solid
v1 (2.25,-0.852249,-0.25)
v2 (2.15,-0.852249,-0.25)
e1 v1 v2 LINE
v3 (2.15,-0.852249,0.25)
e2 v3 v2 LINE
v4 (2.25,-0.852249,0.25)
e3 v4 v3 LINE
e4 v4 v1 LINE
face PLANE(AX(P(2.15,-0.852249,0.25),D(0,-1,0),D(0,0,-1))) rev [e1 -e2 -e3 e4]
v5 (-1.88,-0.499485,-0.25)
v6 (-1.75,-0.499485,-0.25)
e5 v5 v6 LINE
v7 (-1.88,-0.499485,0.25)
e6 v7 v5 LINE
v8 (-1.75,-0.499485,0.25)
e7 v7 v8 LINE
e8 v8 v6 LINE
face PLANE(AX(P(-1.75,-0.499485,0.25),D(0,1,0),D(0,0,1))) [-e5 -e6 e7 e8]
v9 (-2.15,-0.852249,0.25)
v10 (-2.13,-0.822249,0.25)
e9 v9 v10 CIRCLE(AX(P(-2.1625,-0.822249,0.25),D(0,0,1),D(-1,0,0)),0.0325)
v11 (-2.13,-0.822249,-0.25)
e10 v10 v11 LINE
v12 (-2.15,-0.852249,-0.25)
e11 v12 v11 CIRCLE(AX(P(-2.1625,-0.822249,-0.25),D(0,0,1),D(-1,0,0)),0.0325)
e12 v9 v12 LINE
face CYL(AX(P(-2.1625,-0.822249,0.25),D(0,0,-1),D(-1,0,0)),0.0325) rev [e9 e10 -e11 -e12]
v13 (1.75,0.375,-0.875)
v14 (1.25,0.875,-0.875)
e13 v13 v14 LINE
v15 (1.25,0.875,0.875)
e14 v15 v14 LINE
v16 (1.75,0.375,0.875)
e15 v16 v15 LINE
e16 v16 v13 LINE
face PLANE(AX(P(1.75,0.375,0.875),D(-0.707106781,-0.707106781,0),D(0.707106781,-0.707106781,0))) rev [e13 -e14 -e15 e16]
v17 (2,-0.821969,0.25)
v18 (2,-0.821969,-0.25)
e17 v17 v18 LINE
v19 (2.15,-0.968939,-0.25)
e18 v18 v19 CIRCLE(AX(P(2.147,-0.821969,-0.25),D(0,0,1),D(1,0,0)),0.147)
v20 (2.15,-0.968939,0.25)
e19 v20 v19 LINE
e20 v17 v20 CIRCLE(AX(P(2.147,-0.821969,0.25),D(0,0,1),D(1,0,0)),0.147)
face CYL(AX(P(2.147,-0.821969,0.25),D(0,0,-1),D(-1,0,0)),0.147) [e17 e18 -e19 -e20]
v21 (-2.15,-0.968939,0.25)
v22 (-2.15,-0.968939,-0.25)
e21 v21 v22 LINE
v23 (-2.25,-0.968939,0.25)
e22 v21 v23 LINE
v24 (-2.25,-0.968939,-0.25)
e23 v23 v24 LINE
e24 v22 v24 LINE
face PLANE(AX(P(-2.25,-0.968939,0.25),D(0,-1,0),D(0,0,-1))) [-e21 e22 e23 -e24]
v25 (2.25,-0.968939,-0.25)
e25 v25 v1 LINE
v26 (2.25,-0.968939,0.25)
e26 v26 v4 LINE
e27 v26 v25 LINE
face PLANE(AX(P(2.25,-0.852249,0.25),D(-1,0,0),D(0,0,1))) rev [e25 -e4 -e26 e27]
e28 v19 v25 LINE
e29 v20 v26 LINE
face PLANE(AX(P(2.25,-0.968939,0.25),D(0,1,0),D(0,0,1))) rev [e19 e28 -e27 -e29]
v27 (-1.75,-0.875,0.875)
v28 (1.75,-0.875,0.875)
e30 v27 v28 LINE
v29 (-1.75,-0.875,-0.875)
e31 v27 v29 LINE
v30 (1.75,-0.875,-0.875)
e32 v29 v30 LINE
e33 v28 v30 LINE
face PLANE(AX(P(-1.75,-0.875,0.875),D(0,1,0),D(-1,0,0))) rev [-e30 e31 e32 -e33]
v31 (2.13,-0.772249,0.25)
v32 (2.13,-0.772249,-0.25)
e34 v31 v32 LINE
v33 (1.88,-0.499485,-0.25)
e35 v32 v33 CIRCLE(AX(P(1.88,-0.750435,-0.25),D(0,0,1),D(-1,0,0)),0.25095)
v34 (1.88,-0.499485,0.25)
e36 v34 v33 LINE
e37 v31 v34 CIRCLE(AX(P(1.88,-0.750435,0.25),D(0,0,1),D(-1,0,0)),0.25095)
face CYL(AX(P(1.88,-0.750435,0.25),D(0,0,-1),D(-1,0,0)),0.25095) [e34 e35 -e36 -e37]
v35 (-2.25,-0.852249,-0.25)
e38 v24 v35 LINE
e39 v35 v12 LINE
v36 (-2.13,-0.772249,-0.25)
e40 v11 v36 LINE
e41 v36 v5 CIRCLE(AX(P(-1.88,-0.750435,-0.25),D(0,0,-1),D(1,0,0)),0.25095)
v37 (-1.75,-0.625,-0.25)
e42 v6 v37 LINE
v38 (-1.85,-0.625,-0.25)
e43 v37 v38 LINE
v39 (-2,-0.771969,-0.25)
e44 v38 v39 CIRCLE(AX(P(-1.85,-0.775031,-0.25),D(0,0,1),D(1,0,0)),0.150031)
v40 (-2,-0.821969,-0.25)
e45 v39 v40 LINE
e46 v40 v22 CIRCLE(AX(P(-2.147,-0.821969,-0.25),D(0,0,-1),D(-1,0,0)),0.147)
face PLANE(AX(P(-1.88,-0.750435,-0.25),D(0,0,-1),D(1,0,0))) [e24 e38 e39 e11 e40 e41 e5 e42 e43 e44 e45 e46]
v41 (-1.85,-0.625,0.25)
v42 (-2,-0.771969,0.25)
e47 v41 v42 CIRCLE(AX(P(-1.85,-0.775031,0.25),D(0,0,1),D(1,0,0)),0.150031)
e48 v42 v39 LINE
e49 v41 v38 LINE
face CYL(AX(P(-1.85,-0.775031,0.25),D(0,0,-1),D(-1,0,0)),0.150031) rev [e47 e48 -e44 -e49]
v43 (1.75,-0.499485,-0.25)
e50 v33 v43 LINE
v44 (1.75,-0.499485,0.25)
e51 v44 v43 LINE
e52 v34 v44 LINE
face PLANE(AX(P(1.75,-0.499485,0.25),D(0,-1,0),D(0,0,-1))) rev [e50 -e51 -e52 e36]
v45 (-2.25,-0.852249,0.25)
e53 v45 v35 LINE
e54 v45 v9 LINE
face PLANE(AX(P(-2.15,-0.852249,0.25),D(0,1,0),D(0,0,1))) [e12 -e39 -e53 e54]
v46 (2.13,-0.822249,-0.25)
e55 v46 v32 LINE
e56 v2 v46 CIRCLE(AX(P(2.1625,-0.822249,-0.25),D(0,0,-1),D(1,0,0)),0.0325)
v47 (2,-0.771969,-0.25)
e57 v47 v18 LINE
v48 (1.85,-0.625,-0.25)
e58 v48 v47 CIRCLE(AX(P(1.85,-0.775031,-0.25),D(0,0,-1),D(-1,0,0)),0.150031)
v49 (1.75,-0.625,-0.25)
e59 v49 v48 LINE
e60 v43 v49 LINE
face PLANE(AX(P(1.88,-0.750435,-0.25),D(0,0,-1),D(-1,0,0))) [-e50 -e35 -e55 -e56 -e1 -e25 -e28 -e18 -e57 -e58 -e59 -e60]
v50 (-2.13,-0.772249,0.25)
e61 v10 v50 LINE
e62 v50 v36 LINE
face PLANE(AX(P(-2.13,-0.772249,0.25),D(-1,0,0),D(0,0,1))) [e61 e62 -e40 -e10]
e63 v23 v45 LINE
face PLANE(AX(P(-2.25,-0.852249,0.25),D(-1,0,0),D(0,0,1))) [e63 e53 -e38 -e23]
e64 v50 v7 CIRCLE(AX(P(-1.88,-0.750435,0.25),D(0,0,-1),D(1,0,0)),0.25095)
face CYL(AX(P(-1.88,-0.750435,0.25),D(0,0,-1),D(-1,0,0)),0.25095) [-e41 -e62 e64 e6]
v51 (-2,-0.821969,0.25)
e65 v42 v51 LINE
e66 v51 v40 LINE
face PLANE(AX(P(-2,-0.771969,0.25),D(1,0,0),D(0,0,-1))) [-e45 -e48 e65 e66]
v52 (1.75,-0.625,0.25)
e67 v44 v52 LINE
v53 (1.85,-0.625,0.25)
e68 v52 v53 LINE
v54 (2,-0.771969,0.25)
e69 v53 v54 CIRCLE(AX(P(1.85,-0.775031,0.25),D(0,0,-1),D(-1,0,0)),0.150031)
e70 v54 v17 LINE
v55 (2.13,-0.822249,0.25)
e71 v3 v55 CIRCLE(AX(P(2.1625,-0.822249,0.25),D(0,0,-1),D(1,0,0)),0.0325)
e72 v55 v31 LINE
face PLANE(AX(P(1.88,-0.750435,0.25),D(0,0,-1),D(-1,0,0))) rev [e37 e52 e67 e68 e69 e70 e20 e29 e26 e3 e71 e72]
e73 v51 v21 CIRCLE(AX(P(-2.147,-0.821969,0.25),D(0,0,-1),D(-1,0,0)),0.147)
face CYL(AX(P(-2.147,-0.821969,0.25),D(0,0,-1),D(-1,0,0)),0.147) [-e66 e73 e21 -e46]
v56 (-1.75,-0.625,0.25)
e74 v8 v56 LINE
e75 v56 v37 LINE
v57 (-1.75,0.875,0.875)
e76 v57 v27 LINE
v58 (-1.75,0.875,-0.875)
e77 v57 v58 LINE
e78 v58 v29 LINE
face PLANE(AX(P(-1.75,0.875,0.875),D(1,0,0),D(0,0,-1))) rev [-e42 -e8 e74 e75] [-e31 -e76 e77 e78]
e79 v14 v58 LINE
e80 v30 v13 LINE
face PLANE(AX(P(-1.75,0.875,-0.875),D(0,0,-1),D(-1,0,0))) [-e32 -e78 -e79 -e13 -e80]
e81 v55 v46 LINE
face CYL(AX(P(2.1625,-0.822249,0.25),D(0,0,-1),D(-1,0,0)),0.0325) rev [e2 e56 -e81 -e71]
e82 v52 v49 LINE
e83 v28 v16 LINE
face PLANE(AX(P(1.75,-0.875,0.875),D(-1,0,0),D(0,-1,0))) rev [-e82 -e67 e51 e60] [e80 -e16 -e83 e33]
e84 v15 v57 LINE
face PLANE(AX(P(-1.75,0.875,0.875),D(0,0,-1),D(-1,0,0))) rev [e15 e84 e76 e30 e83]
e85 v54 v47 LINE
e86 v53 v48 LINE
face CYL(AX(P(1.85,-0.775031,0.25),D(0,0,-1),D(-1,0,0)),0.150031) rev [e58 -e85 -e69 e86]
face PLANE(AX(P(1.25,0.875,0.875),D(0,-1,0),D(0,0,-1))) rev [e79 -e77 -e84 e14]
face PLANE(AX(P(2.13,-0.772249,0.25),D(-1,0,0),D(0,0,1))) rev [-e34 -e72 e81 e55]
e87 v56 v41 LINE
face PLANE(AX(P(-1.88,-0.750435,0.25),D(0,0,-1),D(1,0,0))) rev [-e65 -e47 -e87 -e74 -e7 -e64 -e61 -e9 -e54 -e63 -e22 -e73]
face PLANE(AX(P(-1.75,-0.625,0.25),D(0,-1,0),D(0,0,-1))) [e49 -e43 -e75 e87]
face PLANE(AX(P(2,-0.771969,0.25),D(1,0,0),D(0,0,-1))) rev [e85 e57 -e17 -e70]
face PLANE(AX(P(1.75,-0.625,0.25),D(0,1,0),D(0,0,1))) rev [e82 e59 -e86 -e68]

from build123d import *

# Parameters (mm, degrees)
EXTRUDE1_DEPTH = 0.875
EXTRUDE2_DEPTH = 0.25


with BuildPart() as part:
    # Sketch1 → Extrude1 (new body, symmetric)
    with BuildSketch(Plane.XY):
        Polygon((-1.75, -0.875), (1.75, -0.875), (1.75, 0.375), (1.25, 0.875), (-1.75, 0.875), align=None)
    extrude(amount=EXTRUDE1_DEPTH, both=True)

    # Sketch2 → Extrude2 (add, symmetric)
    with BuildSketch(Plane.XY):
        with BuildLine():
            Line((1.75, -0.625), (1.85, -0.625))
            ThreePointArc((1.85, -0.625), (1.955, -0.66786607), (2, -0.771969385))
            Line((2, -0.771969385), (2, -0.821969385))
            ThreePointArc((2, -0.821969385), (2.044121431, -0.926969385), (2.15, -0.968938769))
            Line((2.15, -0.968938769), (2.25, -0.968938769))
            Line((2.25, -0.968938769), (2.25, -0.852248548))
            Line((2.25, -0.852248548), (2.15, -0.852248548))
            ThreePointArc((2.15, -0.852248548), (2.135458365, -0.840276305), (2.13, -0.822248548))
            Line((2.13, -0.822248548), (2.13, -0.772248548))
            ThreePointArc((2.13, -0.772248548), (2.065, -0.580874063), (1.88, -0.499484914))
            Line((1.88, -0.499484914), (1.75, -0.499484914))
            Line((1.75, -0.499484914), (1.75, -0.625))
        make_face()
    extrude2 = extrude(amount=EXTRUDE2_DEPTH, both=True)

    # Mirror1: Extrude2 across plane
    add(extrude2.mirror(Plane(origin=(0, 0, 0), x_dir=(0, 0, 1), z_dir=(1, 0, 0))))


solid = part.part
